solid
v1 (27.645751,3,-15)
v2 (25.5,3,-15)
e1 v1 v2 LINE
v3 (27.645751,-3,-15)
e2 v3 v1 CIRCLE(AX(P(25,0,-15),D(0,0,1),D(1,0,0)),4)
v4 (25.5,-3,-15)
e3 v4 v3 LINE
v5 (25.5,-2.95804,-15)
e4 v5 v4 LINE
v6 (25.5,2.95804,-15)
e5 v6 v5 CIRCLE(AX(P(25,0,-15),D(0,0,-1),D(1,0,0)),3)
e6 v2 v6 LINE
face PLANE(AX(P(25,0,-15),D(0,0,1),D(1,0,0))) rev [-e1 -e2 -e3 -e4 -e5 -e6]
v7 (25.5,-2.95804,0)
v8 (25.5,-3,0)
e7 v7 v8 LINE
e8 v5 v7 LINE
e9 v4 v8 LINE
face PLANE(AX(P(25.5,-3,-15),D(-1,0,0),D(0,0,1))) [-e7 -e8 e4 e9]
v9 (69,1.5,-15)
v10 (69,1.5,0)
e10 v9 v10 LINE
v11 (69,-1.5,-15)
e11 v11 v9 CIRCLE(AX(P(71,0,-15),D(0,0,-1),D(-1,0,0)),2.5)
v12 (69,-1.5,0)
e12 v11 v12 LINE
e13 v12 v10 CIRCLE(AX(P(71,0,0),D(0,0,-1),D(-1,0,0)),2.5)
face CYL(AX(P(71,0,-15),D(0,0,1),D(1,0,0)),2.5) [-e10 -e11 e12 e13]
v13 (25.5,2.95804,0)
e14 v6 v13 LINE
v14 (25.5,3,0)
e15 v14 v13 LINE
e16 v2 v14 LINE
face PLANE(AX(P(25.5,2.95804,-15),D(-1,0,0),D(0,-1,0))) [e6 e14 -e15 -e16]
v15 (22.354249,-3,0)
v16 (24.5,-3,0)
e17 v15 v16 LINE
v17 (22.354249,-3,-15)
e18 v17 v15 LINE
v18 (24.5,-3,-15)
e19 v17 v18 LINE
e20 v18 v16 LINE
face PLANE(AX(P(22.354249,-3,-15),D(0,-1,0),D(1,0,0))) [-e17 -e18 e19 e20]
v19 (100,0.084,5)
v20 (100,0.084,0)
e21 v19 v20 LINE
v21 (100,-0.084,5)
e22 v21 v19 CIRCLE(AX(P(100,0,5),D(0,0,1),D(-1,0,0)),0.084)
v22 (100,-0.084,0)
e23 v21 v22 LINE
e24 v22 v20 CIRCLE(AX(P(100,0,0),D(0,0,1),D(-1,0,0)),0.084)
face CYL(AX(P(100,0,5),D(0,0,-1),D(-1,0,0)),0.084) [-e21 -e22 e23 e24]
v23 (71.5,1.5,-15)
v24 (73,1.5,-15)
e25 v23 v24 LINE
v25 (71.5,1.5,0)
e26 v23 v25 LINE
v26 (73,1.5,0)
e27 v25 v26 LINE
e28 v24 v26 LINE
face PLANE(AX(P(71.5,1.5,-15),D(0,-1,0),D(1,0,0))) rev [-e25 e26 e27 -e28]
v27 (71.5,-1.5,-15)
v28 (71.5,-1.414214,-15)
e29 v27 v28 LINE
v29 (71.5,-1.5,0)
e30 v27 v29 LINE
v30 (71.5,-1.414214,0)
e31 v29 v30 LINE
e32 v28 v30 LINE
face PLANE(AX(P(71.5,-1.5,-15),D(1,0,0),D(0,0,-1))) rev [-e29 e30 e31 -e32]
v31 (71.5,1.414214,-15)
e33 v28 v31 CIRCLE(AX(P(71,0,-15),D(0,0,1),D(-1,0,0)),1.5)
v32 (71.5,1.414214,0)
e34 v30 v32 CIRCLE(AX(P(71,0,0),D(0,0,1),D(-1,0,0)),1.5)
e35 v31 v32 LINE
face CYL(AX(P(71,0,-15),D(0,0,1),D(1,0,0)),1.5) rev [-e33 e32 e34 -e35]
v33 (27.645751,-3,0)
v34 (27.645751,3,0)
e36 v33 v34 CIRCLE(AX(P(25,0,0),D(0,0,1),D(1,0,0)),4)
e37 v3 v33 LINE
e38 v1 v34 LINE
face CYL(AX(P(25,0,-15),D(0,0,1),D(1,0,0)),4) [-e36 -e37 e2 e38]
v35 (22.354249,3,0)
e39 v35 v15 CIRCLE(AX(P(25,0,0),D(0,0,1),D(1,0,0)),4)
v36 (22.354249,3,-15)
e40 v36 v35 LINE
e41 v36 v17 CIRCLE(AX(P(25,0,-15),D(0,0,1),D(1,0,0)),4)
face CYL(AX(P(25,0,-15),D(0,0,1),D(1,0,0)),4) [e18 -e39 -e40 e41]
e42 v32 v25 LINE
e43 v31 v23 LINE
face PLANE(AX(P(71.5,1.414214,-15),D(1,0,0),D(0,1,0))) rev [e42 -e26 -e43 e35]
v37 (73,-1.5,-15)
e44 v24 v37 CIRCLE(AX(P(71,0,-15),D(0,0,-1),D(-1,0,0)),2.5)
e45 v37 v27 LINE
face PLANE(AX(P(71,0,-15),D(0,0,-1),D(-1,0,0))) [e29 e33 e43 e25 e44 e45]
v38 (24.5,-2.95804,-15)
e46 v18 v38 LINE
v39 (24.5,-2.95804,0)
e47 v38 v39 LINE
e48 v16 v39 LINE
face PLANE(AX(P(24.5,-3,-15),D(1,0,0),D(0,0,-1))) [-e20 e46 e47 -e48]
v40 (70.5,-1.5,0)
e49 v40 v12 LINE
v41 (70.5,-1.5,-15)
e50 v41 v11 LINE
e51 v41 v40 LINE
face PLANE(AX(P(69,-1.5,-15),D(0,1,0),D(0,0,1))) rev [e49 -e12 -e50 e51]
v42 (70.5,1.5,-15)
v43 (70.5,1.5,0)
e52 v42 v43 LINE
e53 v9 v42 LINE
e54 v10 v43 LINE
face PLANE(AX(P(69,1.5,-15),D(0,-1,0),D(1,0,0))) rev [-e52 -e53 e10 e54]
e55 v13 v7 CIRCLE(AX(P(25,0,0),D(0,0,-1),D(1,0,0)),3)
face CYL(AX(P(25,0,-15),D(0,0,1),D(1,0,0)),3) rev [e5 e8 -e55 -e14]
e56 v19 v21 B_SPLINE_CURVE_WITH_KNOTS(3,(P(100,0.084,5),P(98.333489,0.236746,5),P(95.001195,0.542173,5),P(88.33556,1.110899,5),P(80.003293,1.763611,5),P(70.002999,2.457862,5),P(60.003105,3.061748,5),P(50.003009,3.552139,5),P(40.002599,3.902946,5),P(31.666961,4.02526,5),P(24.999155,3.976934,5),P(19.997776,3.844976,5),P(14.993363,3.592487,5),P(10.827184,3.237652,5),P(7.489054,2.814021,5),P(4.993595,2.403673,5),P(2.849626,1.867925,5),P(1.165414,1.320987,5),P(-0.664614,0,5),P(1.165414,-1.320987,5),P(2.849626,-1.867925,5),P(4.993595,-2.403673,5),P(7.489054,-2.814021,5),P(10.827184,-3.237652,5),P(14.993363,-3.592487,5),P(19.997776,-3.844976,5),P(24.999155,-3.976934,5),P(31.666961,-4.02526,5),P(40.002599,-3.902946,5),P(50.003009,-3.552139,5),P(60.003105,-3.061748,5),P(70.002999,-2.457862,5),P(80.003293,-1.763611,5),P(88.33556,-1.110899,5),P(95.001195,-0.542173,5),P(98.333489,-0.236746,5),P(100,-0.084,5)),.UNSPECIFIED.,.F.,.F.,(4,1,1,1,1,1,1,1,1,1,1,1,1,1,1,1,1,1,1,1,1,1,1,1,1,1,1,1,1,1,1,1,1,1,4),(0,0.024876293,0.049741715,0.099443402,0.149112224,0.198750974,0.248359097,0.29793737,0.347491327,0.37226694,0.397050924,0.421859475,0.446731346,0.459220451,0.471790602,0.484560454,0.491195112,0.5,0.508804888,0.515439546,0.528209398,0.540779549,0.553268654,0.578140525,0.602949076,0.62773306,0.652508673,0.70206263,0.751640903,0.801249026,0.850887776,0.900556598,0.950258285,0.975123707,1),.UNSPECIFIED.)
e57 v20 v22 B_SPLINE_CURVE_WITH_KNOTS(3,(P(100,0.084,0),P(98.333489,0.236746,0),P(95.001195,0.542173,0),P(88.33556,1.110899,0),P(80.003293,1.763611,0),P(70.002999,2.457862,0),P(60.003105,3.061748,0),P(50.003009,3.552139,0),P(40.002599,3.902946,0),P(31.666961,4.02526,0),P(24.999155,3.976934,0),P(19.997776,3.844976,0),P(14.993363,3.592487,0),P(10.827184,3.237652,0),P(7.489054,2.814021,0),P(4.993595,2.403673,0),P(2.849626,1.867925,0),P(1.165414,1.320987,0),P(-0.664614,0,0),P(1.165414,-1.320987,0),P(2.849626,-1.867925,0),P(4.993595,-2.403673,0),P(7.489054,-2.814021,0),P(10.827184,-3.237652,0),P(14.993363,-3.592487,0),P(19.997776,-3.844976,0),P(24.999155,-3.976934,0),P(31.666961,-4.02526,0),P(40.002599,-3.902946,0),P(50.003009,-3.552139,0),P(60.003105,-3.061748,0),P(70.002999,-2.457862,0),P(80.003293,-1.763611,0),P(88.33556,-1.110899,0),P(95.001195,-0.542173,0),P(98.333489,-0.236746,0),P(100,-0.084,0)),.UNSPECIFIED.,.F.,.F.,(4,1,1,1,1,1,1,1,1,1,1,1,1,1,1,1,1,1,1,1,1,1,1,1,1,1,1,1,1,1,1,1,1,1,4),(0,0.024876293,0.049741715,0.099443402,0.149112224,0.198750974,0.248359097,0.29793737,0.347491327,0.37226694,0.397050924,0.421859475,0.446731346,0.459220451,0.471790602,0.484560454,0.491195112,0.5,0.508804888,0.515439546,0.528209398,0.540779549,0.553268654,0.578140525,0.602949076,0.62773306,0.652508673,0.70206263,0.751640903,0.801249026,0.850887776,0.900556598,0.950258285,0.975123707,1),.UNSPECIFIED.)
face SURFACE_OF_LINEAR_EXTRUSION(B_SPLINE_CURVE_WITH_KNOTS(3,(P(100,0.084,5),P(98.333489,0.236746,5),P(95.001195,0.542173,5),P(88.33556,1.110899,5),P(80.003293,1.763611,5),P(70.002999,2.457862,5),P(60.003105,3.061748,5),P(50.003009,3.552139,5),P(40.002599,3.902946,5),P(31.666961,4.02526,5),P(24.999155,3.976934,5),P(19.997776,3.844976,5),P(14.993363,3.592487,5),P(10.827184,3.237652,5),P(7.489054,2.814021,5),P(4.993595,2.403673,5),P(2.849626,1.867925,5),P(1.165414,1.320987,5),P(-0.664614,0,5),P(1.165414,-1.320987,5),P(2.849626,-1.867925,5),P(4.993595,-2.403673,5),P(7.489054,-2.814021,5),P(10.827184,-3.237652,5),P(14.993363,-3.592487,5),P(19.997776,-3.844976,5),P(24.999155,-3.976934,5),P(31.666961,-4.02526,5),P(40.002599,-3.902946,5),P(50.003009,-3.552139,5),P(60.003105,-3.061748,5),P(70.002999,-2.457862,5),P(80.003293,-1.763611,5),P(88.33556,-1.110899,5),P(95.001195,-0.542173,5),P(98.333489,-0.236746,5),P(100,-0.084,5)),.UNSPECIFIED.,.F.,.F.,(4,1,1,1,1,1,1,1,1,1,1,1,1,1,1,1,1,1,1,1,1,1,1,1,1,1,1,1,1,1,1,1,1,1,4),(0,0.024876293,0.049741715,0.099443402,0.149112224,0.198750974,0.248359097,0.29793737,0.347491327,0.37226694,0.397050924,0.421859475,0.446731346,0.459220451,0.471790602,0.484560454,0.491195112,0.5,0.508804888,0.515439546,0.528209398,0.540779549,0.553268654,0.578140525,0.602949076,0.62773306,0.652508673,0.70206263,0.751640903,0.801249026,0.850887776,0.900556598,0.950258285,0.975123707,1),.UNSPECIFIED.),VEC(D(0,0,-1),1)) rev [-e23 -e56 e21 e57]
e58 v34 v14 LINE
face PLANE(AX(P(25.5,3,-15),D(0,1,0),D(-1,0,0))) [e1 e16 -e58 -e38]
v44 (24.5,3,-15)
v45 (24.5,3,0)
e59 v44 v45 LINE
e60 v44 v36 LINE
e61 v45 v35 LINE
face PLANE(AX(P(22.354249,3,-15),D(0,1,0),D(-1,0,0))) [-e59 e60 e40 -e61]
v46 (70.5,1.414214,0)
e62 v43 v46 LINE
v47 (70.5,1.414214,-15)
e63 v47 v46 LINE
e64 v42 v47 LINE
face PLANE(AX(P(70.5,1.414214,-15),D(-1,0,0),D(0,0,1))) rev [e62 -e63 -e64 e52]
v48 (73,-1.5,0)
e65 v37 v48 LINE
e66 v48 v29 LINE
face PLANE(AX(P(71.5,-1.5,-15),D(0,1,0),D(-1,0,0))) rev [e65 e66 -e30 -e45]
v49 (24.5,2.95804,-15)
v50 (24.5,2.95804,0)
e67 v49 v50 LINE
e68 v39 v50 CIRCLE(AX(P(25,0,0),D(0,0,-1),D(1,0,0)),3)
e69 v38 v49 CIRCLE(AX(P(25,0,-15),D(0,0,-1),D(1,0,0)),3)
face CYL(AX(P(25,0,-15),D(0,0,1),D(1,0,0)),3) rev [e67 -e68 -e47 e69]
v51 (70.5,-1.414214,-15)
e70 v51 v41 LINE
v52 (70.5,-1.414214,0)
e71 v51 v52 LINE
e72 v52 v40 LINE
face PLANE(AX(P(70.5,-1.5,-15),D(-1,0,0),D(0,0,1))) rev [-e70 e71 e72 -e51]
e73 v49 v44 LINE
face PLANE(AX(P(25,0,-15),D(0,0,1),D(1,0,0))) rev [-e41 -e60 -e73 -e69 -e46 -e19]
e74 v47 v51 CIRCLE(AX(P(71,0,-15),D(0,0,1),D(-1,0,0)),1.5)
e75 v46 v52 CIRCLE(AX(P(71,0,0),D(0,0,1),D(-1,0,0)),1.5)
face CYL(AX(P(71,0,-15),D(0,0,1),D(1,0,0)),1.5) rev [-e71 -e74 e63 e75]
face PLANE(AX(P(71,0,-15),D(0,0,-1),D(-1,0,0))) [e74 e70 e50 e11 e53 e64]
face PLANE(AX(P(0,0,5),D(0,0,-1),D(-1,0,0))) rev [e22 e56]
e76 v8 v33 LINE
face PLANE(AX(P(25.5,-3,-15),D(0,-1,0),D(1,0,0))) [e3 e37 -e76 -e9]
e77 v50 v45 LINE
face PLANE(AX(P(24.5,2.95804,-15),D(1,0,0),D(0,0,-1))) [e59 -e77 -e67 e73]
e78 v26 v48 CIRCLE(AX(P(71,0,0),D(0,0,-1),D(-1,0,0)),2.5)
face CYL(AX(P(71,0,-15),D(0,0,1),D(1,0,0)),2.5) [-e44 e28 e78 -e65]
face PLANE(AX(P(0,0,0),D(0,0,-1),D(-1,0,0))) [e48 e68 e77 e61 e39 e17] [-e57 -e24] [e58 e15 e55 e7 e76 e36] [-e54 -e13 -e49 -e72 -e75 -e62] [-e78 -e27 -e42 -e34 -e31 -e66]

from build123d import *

# Parameters (mm, degrees)
CORPOCENTINA_DEPTH       = 5
AGGANCIOFOAM_DEPTH       = 15
AGGANCIOLONGHERONE_DEPTH = 15


with BuildPart() as part:
    # Schizzo1 → CorpoCentina (new body)
    with BuildSketch(Plane.XY):
        with BuildLine():
            ThreePointArc((100, 0.084), (100.084, 0), (100, -0.084))
            add(Edge.make_bspline(
                [(100, 0.084), (98.333488815, 0.23674648), (95.001194725, 0.542172689), (88.335559621, 1.11089898), (80.003293356, 1.763610995), (70.002998933, 2.457861693), (60.003104625, 3.061747723), (50.003008601, 3.552139212), (40.002598558, 3.902946494), (31.666961486, 4.025260151), (24.9991546, 3.976933791), (19.997775587, 3.844976398), (14.993363131, 3.592486959), (10.827184065, 3.237651579), (7.489054388, 2.814021367), (4.99359465, 2.403673059), (2.84962634, 1.867925494), (1.165413503, 1.320987252), (-0.664613784, 0), (1.165413503, -1.320987252), (2.84962634, -1.867925494), (4.99359465, -2.403673059), (7.489054388, -2.814021367), (10.827184065, -3.237651579), (14.993363131, -3.592486959), (19.997775587, -3.844976398), (24.9991546, -3.976933791), (31.666961486, -4.025260151), (40.002598558, -3.902946494), (50.003008601, -3.552139212), (60.003104625, -3.061747723), (70.002998933, -2.457861693), (80.003293356, -1.763610995), (88.335559621, -1.11089898), (95.001194725, -0.542172689), (98.333488815, -0.23674648), (100, -0.084)],
                knots=[0, 0, 0, 0, 0.024876293, 0.049741715, 0.099443402, 0.149112224, 0.198750974, 0.248359097, 0.29793737, 0.347491327, 0.37226694, 0.397050924, 0.421859475, 0.446731346, 0.459220451, 0.471790602, 0.484560454, 0.491195112, 0.5, 0.508804888, 0.515439546, 0.528209398, 0.540779549, 0.553268654, 0.578140525, 0.602949076, 0.62773306, 0.652508673, 0.70206263, 0.751640903, 0.801249026, 0.850887776, 0.900556598, 0.950258285, 0.975123707, 1, 1, 1, 1], degree=3))
        make_face()
    extrude(amount=CORPOCENTINA_DEPTH)

    # Schizzo3 → AggancioFoam (add)
    with BuildSketch(Plane(origin=(0, 0, 0), x_dir=(-1, 0, 0), z_dir=(0, 0, -1))):
        with BuildLine():
            Line((-69, -1.5), (-70.5, -1.5))
            Line((-70.5, -1.5), (-70.5, -1.414213562))
            ThreePointArc((-70.5, -1.414213562), (-69.5, 0), (-70.5, 1.414213562))
            Line((-70.5, 1.414213562), (-70.5, 1.5))
            Line((-70.5, 1.5), (-69, 1.5))
            ThreePointArc((-69, 1.5), (-68.5, 0), (-69, -1.5))
        make_face()
        with BuildLine():
            Line((-71.5, -1.5), (-71.5, -1.414213562))
            ThreePointArc((-71.5, -1.414213562), (-72.5, 0), (-71.5, 1.414213562))
            Line((-71.5, 1.414213562), (-71.5, 1.5))
            Line((-71.5, 1.5), (-73, 1.5))
            ThreePointArc((-73, 1.5), (-73.5, 0), (-73, -1.5))
            Line((-73, -1.5), (-71.5, -1.5))
        make_face()
    extrude(amount=AGGANCIOFOAM_DEPTH)

    # Schizzo2 → AggancioLongherone (add)
    with BuildSketch(Plane.XY):
        with BuildLine():
            Line((22.354248689, -3), (24.5, -3))
            Line((24.5, -3), (24.5, -2.958039892))
            ThreePointArc((24.5, -2.958039892), (22, 0), (24.5, 2.958039892))
            Line((24.5, 2.958039892), (24.5, 3))
            Line((24.5, 3), (22.354248689, 3))
            ThreePointArc((22.354248689, 3), (21, 0), (22.354248689, -3))
        make_face()
        with BuildLine():
            Line((25.5, -3), (25.5, -2.958039892))
            ThreePointArc((25.5, -2.958039892), (28, 0), (25.5, 2.958039892))
            Line((25.5, 2.958039892), (25.5, 3))
            Line((25.5, 3), (27.645751311, 3))
            ThreePointArc((27.645751311, 3), (29, 0), (27.645751311, -3))
            Line((27.645751311, -3), (25.5, -3))
        make_face()
    extrude(amount=-AGGANCIOLONGHERONE_DEPTH)


solid = part.part
